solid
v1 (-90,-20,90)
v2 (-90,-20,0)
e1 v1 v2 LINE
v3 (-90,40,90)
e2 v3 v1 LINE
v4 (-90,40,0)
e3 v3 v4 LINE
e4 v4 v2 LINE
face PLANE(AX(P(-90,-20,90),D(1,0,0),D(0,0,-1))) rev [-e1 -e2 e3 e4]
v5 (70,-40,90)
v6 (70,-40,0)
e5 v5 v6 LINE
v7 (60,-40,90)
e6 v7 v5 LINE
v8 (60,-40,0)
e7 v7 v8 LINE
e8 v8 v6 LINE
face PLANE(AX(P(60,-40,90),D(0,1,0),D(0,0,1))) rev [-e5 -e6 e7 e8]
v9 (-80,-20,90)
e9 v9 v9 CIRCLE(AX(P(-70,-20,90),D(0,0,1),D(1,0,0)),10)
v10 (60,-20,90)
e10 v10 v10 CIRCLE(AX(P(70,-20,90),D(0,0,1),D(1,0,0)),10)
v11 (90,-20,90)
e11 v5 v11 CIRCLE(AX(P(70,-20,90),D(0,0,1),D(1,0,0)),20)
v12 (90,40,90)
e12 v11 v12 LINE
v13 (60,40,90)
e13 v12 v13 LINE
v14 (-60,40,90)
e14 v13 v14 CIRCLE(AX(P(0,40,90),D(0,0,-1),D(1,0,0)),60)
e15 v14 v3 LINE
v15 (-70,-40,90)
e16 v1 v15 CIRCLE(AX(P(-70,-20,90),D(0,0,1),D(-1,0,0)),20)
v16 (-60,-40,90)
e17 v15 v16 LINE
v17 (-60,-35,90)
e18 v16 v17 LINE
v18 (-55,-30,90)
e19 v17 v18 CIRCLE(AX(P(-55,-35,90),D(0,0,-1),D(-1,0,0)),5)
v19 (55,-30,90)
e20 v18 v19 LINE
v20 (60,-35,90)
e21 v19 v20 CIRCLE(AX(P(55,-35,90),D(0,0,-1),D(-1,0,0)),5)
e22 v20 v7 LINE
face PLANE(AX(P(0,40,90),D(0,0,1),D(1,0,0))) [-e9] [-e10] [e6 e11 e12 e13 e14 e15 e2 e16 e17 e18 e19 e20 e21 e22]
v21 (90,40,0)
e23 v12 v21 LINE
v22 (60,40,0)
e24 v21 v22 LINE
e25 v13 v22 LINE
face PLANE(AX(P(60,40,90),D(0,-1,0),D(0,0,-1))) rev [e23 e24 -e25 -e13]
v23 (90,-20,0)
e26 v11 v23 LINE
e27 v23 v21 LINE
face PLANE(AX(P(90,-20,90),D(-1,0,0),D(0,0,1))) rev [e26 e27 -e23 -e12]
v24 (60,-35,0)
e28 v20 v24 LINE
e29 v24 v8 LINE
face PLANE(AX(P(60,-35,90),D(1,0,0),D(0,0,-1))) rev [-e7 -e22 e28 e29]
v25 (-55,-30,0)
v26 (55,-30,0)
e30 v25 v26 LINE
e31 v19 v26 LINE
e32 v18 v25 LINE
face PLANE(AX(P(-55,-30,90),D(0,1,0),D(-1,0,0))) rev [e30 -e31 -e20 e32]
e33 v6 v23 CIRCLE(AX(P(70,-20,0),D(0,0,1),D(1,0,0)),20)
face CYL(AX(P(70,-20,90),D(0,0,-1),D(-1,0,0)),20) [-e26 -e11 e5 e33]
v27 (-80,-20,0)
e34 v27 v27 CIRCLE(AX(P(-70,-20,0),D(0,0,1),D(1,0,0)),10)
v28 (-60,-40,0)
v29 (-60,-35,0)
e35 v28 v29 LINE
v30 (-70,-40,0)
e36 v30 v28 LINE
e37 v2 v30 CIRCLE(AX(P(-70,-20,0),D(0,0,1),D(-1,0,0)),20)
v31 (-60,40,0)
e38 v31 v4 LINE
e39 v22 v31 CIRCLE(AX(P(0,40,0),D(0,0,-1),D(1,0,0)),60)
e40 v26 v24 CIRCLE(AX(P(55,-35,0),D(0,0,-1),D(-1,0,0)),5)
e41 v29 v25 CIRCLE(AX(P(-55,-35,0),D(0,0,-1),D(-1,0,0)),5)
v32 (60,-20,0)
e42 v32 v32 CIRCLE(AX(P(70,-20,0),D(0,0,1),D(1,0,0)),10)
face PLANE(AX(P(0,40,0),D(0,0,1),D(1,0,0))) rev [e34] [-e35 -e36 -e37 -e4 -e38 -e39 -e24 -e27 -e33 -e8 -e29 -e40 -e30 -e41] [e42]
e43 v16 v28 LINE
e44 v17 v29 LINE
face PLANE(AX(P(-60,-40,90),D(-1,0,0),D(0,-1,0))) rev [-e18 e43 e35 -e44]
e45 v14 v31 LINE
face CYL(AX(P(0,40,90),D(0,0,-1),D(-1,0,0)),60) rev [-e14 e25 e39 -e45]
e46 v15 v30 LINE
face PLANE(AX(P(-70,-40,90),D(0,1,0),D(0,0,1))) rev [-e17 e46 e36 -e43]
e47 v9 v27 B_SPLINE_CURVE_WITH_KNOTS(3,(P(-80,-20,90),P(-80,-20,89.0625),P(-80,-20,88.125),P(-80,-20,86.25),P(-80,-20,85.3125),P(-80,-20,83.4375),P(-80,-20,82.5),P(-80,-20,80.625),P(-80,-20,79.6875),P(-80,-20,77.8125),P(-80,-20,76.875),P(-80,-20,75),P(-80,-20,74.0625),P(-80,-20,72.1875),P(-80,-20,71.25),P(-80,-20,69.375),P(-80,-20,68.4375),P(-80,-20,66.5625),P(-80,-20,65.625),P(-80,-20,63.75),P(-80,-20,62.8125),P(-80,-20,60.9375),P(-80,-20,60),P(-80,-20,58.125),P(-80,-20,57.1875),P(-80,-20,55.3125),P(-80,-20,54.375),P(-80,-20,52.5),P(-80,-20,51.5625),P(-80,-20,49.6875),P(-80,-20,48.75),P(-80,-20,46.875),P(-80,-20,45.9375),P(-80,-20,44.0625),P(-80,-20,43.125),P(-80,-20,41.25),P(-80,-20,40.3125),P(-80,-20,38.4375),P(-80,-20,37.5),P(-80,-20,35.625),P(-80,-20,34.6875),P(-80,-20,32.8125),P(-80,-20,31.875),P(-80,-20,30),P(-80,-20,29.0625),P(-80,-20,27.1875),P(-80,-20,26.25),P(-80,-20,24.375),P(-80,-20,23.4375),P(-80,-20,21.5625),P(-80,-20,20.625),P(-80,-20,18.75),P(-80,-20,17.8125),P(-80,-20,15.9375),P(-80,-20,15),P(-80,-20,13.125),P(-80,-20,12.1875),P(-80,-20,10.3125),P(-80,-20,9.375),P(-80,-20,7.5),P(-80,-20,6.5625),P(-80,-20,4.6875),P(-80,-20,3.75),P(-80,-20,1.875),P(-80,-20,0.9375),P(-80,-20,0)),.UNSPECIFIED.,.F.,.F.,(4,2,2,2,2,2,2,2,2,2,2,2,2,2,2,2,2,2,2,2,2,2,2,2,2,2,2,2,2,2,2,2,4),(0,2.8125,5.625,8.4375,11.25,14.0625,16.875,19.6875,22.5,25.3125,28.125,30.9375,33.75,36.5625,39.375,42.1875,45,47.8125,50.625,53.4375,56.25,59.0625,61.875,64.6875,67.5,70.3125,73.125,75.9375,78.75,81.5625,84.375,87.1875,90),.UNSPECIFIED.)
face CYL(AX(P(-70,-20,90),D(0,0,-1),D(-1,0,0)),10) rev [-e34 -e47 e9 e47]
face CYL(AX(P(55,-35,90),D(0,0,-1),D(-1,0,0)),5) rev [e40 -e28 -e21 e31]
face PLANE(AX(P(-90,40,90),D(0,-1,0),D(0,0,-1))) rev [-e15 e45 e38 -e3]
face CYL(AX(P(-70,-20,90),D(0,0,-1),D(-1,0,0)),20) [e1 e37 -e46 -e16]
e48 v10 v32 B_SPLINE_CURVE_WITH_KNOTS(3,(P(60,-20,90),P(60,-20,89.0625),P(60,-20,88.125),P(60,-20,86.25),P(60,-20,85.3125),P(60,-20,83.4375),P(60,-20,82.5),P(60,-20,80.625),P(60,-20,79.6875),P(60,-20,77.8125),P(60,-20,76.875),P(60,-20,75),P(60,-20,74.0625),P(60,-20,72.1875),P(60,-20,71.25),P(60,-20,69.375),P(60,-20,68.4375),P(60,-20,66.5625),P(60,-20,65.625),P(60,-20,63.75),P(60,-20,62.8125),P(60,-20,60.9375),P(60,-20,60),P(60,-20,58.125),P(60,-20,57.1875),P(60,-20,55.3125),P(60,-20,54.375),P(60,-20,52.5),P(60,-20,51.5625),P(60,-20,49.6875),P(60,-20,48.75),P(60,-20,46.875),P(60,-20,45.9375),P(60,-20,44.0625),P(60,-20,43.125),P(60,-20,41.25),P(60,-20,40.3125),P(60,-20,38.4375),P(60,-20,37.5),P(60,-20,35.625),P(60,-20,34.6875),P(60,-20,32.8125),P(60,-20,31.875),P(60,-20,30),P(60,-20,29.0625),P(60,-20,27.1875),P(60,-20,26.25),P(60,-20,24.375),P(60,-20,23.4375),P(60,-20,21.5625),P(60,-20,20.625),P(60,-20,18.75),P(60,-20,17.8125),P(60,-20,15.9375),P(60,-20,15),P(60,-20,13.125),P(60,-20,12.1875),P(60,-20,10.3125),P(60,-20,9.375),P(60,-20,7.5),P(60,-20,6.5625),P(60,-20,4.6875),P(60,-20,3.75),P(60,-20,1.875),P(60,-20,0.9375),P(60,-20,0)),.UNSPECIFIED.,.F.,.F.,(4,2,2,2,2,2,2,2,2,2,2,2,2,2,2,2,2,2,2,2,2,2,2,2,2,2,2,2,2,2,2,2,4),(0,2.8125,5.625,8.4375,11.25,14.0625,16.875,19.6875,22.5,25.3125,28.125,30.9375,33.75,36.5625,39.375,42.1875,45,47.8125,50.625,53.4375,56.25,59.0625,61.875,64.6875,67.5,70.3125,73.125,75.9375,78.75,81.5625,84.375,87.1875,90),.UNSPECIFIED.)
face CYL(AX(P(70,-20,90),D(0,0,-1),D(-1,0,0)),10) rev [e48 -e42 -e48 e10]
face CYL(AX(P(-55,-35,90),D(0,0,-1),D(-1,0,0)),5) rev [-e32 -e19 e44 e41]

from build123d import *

# Parameters (mm, degrees)
SKETCH1_R           = 10
BOSS_EXTRUDE1_DEPTH = 90


with BuildPart() as part:
    # Sketch1 → Boss-Extrude1 (new body)
    with BuildSketch(Plane.XY):
        with BuildLine():
            Line((60, 40), (90, 40))
            Line((90, 40), (90, -20))
            ThreePointArc((90, -20), (84.142135624, -34.142135624), (70, -40))
            Line((70, -40), (60, -40))
            Line((60, -40), (60, -35))
            ThreePointArc((60, -35), (58.535533906, -31.464466094), (55, -30))
            Line((55, -30), (-55, -30))
            ThreePointArc((-55, -30), (-58.535533906, -31.464466094), (-60, -35))
            Line((-60, -35), (-60, -40))
            Line((-60, -40), (-70, -40))
            ThreePointArc((-70, -40), (-84.142135624, -34.142135624), (-90, -20))
            Line((-90, -20), (-90, 40))
            Line((-90, 40), (-60, 40))
            ThreePointArc((-60, 40), (0, -20), (60, 40))
        make_face()
        with Locations(Location((-70, -20, 0), (0, 0, 180))):
            Circle(SKETCH1_R, mode=Mode.SUBTRACT)
        with Locations(Location((70, -20, 0), (0, 0, 180))):
            Circle(SKETCH1_R, mode=Mode.SUBTRACT)
    extrude(amount=BOSS_EXTRUDE1_DEPTH)


solid = part.part
